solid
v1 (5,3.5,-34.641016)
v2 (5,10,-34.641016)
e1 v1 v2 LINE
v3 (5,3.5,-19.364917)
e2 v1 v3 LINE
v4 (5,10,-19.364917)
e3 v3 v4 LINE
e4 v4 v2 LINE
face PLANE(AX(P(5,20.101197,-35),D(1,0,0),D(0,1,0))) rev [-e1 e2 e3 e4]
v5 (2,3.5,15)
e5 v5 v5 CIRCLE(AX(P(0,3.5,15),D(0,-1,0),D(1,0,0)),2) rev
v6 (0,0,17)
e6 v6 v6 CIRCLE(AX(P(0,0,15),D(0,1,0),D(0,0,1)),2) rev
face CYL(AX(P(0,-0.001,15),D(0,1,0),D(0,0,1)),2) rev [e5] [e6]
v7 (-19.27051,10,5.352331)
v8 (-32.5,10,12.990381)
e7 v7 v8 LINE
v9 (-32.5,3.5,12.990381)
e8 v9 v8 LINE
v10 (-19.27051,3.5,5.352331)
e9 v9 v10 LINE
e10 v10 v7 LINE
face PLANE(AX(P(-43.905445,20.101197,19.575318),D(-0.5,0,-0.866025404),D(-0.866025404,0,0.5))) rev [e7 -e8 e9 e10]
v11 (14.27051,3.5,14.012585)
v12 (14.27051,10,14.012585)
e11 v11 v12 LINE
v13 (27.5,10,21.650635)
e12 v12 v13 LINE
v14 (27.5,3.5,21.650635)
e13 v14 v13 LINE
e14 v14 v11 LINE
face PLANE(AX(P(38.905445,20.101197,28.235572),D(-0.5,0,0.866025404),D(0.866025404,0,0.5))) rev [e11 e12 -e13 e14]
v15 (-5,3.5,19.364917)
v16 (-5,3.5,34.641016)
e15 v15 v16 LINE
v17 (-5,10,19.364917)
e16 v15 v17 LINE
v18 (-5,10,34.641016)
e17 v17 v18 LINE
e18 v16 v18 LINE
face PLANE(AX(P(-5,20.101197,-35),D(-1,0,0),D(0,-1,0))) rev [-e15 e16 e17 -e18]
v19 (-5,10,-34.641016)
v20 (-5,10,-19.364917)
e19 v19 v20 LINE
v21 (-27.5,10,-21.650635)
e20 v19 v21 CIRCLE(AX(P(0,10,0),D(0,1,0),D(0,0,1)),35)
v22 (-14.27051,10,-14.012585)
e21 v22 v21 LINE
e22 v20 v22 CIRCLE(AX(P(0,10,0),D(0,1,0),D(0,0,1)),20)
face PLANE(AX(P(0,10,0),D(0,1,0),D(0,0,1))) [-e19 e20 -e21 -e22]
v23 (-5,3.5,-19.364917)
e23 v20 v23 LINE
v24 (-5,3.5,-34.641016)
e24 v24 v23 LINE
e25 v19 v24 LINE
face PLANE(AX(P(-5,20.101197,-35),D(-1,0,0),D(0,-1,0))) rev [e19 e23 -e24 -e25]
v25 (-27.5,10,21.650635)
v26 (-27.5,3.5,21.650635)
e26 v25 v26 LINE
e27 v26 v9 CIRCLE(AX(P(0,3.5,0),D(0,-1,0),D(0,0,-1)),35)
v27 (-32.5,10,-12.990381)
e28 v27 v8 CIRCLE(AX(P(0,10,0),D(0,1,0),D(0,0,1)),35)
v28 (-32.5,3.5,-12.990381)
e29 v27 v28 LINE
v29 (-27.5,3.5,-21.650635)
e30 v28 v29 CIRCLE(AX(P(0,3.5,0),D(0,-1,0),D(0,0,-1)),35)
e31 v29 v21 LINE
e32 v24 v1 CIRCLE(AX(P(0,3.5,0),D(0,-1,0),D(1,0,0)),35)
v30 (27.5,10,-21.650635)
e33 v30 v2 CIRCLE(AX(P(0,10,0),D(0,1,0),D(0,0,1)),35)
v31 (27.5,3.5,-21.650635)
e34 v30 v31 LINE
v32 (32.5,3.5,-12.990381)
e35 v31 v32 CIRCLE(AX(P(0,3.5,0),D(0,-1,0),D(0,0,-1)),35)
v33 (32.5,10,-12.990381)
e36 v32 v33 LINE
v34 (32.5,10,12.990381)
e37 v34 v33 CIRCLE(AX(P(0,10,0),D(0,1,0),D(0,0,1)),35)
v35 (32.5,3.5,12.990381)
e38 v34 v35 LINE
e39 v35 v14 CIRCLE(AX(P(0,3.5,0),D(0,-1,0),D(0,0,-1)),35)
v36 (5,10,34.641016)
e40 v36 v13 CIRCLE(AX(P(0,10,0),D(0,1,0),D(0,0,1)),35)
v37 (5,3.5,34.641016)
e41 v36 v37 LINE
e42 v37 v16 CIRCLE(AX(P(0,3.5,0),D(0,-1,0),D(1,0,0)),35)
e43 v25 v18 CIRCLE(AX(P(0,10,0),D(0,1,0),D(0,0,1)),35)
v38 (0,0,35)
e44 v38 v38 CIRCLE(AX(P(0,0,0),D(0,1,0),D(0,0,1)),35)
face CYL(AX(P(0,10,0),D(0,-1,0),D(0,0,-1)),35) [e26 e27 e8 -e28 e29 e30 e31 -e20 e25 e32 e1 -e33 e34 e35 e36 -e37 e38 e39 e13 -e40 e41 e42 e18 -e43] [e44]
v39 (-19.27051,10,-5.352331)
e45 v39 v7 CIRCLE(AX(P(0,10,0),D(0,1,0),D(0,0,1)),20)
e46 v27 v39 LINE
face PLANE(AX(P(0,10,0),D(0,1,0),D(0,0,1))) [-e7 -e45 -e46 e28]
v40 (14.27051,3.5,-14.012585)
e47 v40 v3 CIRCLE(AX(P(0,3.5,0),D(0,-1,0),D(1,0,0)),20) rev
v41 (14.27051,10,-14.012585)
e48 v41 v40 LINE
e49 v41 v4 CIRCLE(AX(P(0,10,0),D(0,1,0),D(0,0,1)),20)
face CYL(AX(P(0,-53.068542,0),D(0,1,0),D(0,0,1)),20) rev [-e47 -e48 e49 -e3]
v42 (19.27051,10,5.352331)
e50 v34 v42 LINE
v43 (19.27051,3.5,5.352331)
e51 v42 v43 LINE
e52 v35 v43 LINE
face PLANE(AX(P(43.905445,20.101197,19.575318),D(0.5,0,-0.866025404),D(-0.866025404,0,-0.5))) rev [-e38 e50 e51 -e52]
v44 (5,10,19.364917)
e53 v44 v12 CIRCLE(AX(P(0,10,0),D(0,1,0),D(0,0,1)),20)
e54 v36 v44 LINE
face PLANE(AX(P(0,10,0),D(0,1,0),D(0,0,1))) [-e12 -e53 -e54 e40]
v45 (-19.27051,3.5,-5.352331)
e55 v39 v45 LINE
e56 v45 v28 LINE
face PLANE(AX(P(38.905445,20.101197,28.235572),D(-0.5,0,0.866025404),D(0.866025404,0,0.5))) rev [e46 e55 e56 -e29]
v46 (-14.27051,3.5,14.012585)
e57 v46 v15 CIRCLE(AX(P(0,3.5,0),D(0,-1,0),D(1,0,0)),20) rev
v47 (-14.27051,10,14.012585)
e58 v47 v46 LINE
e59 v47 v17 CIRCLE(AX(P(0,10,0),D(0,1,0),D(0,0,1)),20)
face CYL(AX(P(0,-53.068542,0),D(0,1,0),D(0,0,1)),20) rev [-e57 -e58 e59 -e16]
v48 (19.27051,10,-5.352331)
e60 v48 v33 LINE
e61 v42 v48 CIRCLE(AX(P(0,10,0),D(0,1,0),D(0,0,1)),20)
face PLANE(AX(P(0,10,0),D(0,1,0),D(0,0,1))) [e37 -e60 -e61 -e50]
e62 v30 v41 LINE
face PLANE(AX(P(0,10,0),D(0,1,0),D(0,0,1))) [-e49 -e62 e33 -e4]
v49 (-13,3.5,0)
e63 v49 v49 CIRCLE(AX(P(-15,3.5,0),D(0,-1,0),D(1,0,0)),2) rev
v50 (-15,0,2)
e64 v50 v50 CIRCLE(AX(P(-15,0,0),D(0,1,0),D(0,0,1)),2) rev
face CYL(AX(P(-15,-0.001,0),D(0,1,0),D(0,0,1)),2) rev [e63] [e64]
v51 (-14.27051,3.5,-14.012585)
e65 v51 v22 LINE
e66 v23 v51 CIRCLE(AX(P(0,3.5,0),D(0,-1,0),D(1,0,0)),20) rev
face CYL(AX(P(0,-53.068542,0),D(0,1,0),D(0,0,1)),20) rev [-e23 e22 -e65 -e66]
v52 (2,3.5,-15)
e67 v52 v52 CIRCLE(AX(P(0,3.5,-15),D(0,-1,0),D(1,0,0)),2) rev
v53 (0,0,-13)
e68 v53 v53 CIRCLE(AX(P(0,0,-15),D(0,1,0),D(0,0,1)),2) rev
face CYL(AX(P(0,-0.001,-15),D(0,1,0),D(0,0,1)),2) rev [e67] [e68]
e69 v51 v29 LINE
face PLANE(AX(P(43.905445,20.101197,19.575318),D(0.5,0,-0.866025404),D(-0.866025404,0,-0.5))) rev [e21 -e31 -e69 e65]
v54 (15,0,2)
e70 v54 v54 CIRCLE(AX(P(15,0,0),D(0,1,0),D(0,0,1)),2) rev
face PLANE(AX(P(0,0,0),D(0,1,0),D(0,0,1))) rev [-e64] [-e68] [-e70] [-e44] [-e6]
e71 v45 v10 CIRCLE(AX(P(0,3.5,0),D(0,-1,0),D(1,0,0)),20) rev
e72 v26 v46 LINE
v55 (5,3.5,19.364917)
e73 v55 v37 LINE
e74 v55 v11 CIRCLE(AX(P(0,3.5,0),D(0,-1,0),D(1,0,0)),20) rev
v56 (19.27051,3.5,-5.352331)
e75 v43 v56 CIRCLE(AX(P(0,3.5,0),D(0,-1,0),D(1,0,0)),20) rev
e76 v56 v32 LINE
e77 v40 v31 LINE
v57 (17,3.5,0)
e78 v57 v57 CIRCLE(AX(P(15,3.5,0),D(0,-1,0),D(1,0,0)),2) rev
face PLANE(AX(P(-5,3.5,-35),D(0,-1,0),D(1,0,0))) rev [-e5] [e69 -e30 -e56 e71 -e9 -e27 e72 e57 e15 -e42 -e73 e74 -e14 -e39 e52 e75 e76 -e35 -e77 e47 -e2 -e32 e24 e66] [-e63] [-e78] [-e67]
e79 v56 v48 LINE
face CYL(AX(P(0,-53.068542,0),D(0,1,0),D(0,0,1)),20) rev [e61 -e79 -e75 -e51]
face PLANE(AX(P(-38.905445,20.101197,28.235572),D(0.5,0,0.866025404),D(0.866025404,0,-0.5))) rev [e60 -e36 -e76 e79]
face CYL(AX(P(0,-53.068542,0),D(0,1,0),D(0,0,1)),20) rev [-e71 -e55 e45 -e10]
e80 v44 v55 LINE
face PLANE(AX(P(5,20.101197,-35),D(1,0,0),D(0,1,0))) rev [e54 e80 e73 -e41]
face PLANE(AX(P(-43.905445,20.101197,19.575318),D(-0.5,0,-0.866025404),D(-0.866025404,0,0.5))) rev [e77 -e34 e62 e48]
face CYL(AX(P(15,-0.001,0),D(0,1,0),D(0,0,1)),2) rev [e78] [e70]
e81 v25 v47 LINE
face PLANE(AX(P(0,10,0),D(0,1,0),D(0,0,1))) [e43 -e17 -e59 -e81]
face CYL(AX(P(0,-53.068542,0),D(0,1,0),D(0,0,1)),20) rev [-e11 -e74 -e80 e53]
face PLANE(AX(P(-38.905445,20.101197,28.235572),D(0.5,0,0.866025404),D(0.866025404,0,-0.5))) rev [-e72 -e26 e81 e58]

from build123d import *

# Parameters (mm, degrees)
SKETCH1_R           = 35
BOSS_EXTRUDE1_DEPTH = 10
CUT_EXTRUDE1_REACH  = 52.498
SKETCH2_R           = 2
CIRPATTERN1_COUNT   = 4
SKETCH5_W           = 10
SKETCH5_H           = 16.60119737
CUT_EXTRUDE2_DEPTH  = 51.497524692
CIRPATTERN2_COUNT   = 3
SKETCH6_R           = 20
CUT_EXTRUDE3_DEPTH  = 6.5


with BuildPart() as part:
    # Sketch1 → Boss-Extrude1 (new body)
    with BuildSketch(Plane(origin=(0, 0, 0), x_dir=(1, 0, 0), z_dir=(0, 1, 0))):
        with Locations(Location((0, 0, 0), (0, 0, 270))):
            Circle(SKETCH1_R)
    extrude(amount=BOSS_EXTRUDE1_DEPTH)

    # Sketch2 → Cut-Extrude1 (cut, up to next)
    with BuildSketch(Plane(origin=(0, 10, 0), x_dir=(1, 0, 0), z_dir=(0, 1, 0)), mode=Mode.PRIVATE) as cut_extrude1_sk1:
        with Locations(Location((0, 15, 0), (0, 0, 270))):
            Circle(SKETCH2_R)
    cut_extrude1_tool1 = extrude(cut_extrude1_sk1.sketch, amount=-CUT_EXTRUDE1_REACH, mode=Mode.PRIVATE) & part.part
    cut_extrude1 = cut_extrude1_tool1.solids().sort_by_distance((0, 10, -15))[0]
    add(cut_extrude1, mode=Mode.SUBTRACT)

    # CirPattern1: Cut-Extrude1 ×4 about axis
    cirpattern1_axis = Axis((0, 0, 0), (0, 1, 0))
    for i in range(1, CIRPATTERN1_COUNT):
        add(cut_extrude1.rotate(cirpattern1_axis, i * 360 / CIRPATTERN1_COUNT), mode=Mode.SUBTRACT)

    # Sketch5 → Cut-Extrude2 (cut, symmetric)
    with BuildSketch(Plane.XY):
        with Locations((0, 11.800598685)):
            Rectangle(SKETCH5_W, SKETCH5_H)
    cut_extrude2 = extrude(amount=CUT_EXTRUDE2_DEPTH, both=True, mode=Mode.SUBTRACT)

    # CirPattern2: Cut-Extrude2 ×3 about axis
    cirpattern2_axis = Axis((0, 0, 0), (0, 1, 0))
    for i in range(1, CIRPATTERN2_COUNT):
        add(cut_extrude2.rotate(cirpattern2_axis, i * 360 / CIRPATTERN2_COUNT), mode=Mode.SUBTRACT)

    # Sketch6 → Cut-Extrude3 (cut)
    with BuildSketch(Plane(origin=(0, 10, 0), x_dir=(1, 0, 0), z_dir=(0, 1, 0))):
        Circle(SKETCH6_R)
    extrude(amount=-CUT_EXTRUDE3_DEPTH, mode=Mode.SUBTRACT)


solid = part.part
